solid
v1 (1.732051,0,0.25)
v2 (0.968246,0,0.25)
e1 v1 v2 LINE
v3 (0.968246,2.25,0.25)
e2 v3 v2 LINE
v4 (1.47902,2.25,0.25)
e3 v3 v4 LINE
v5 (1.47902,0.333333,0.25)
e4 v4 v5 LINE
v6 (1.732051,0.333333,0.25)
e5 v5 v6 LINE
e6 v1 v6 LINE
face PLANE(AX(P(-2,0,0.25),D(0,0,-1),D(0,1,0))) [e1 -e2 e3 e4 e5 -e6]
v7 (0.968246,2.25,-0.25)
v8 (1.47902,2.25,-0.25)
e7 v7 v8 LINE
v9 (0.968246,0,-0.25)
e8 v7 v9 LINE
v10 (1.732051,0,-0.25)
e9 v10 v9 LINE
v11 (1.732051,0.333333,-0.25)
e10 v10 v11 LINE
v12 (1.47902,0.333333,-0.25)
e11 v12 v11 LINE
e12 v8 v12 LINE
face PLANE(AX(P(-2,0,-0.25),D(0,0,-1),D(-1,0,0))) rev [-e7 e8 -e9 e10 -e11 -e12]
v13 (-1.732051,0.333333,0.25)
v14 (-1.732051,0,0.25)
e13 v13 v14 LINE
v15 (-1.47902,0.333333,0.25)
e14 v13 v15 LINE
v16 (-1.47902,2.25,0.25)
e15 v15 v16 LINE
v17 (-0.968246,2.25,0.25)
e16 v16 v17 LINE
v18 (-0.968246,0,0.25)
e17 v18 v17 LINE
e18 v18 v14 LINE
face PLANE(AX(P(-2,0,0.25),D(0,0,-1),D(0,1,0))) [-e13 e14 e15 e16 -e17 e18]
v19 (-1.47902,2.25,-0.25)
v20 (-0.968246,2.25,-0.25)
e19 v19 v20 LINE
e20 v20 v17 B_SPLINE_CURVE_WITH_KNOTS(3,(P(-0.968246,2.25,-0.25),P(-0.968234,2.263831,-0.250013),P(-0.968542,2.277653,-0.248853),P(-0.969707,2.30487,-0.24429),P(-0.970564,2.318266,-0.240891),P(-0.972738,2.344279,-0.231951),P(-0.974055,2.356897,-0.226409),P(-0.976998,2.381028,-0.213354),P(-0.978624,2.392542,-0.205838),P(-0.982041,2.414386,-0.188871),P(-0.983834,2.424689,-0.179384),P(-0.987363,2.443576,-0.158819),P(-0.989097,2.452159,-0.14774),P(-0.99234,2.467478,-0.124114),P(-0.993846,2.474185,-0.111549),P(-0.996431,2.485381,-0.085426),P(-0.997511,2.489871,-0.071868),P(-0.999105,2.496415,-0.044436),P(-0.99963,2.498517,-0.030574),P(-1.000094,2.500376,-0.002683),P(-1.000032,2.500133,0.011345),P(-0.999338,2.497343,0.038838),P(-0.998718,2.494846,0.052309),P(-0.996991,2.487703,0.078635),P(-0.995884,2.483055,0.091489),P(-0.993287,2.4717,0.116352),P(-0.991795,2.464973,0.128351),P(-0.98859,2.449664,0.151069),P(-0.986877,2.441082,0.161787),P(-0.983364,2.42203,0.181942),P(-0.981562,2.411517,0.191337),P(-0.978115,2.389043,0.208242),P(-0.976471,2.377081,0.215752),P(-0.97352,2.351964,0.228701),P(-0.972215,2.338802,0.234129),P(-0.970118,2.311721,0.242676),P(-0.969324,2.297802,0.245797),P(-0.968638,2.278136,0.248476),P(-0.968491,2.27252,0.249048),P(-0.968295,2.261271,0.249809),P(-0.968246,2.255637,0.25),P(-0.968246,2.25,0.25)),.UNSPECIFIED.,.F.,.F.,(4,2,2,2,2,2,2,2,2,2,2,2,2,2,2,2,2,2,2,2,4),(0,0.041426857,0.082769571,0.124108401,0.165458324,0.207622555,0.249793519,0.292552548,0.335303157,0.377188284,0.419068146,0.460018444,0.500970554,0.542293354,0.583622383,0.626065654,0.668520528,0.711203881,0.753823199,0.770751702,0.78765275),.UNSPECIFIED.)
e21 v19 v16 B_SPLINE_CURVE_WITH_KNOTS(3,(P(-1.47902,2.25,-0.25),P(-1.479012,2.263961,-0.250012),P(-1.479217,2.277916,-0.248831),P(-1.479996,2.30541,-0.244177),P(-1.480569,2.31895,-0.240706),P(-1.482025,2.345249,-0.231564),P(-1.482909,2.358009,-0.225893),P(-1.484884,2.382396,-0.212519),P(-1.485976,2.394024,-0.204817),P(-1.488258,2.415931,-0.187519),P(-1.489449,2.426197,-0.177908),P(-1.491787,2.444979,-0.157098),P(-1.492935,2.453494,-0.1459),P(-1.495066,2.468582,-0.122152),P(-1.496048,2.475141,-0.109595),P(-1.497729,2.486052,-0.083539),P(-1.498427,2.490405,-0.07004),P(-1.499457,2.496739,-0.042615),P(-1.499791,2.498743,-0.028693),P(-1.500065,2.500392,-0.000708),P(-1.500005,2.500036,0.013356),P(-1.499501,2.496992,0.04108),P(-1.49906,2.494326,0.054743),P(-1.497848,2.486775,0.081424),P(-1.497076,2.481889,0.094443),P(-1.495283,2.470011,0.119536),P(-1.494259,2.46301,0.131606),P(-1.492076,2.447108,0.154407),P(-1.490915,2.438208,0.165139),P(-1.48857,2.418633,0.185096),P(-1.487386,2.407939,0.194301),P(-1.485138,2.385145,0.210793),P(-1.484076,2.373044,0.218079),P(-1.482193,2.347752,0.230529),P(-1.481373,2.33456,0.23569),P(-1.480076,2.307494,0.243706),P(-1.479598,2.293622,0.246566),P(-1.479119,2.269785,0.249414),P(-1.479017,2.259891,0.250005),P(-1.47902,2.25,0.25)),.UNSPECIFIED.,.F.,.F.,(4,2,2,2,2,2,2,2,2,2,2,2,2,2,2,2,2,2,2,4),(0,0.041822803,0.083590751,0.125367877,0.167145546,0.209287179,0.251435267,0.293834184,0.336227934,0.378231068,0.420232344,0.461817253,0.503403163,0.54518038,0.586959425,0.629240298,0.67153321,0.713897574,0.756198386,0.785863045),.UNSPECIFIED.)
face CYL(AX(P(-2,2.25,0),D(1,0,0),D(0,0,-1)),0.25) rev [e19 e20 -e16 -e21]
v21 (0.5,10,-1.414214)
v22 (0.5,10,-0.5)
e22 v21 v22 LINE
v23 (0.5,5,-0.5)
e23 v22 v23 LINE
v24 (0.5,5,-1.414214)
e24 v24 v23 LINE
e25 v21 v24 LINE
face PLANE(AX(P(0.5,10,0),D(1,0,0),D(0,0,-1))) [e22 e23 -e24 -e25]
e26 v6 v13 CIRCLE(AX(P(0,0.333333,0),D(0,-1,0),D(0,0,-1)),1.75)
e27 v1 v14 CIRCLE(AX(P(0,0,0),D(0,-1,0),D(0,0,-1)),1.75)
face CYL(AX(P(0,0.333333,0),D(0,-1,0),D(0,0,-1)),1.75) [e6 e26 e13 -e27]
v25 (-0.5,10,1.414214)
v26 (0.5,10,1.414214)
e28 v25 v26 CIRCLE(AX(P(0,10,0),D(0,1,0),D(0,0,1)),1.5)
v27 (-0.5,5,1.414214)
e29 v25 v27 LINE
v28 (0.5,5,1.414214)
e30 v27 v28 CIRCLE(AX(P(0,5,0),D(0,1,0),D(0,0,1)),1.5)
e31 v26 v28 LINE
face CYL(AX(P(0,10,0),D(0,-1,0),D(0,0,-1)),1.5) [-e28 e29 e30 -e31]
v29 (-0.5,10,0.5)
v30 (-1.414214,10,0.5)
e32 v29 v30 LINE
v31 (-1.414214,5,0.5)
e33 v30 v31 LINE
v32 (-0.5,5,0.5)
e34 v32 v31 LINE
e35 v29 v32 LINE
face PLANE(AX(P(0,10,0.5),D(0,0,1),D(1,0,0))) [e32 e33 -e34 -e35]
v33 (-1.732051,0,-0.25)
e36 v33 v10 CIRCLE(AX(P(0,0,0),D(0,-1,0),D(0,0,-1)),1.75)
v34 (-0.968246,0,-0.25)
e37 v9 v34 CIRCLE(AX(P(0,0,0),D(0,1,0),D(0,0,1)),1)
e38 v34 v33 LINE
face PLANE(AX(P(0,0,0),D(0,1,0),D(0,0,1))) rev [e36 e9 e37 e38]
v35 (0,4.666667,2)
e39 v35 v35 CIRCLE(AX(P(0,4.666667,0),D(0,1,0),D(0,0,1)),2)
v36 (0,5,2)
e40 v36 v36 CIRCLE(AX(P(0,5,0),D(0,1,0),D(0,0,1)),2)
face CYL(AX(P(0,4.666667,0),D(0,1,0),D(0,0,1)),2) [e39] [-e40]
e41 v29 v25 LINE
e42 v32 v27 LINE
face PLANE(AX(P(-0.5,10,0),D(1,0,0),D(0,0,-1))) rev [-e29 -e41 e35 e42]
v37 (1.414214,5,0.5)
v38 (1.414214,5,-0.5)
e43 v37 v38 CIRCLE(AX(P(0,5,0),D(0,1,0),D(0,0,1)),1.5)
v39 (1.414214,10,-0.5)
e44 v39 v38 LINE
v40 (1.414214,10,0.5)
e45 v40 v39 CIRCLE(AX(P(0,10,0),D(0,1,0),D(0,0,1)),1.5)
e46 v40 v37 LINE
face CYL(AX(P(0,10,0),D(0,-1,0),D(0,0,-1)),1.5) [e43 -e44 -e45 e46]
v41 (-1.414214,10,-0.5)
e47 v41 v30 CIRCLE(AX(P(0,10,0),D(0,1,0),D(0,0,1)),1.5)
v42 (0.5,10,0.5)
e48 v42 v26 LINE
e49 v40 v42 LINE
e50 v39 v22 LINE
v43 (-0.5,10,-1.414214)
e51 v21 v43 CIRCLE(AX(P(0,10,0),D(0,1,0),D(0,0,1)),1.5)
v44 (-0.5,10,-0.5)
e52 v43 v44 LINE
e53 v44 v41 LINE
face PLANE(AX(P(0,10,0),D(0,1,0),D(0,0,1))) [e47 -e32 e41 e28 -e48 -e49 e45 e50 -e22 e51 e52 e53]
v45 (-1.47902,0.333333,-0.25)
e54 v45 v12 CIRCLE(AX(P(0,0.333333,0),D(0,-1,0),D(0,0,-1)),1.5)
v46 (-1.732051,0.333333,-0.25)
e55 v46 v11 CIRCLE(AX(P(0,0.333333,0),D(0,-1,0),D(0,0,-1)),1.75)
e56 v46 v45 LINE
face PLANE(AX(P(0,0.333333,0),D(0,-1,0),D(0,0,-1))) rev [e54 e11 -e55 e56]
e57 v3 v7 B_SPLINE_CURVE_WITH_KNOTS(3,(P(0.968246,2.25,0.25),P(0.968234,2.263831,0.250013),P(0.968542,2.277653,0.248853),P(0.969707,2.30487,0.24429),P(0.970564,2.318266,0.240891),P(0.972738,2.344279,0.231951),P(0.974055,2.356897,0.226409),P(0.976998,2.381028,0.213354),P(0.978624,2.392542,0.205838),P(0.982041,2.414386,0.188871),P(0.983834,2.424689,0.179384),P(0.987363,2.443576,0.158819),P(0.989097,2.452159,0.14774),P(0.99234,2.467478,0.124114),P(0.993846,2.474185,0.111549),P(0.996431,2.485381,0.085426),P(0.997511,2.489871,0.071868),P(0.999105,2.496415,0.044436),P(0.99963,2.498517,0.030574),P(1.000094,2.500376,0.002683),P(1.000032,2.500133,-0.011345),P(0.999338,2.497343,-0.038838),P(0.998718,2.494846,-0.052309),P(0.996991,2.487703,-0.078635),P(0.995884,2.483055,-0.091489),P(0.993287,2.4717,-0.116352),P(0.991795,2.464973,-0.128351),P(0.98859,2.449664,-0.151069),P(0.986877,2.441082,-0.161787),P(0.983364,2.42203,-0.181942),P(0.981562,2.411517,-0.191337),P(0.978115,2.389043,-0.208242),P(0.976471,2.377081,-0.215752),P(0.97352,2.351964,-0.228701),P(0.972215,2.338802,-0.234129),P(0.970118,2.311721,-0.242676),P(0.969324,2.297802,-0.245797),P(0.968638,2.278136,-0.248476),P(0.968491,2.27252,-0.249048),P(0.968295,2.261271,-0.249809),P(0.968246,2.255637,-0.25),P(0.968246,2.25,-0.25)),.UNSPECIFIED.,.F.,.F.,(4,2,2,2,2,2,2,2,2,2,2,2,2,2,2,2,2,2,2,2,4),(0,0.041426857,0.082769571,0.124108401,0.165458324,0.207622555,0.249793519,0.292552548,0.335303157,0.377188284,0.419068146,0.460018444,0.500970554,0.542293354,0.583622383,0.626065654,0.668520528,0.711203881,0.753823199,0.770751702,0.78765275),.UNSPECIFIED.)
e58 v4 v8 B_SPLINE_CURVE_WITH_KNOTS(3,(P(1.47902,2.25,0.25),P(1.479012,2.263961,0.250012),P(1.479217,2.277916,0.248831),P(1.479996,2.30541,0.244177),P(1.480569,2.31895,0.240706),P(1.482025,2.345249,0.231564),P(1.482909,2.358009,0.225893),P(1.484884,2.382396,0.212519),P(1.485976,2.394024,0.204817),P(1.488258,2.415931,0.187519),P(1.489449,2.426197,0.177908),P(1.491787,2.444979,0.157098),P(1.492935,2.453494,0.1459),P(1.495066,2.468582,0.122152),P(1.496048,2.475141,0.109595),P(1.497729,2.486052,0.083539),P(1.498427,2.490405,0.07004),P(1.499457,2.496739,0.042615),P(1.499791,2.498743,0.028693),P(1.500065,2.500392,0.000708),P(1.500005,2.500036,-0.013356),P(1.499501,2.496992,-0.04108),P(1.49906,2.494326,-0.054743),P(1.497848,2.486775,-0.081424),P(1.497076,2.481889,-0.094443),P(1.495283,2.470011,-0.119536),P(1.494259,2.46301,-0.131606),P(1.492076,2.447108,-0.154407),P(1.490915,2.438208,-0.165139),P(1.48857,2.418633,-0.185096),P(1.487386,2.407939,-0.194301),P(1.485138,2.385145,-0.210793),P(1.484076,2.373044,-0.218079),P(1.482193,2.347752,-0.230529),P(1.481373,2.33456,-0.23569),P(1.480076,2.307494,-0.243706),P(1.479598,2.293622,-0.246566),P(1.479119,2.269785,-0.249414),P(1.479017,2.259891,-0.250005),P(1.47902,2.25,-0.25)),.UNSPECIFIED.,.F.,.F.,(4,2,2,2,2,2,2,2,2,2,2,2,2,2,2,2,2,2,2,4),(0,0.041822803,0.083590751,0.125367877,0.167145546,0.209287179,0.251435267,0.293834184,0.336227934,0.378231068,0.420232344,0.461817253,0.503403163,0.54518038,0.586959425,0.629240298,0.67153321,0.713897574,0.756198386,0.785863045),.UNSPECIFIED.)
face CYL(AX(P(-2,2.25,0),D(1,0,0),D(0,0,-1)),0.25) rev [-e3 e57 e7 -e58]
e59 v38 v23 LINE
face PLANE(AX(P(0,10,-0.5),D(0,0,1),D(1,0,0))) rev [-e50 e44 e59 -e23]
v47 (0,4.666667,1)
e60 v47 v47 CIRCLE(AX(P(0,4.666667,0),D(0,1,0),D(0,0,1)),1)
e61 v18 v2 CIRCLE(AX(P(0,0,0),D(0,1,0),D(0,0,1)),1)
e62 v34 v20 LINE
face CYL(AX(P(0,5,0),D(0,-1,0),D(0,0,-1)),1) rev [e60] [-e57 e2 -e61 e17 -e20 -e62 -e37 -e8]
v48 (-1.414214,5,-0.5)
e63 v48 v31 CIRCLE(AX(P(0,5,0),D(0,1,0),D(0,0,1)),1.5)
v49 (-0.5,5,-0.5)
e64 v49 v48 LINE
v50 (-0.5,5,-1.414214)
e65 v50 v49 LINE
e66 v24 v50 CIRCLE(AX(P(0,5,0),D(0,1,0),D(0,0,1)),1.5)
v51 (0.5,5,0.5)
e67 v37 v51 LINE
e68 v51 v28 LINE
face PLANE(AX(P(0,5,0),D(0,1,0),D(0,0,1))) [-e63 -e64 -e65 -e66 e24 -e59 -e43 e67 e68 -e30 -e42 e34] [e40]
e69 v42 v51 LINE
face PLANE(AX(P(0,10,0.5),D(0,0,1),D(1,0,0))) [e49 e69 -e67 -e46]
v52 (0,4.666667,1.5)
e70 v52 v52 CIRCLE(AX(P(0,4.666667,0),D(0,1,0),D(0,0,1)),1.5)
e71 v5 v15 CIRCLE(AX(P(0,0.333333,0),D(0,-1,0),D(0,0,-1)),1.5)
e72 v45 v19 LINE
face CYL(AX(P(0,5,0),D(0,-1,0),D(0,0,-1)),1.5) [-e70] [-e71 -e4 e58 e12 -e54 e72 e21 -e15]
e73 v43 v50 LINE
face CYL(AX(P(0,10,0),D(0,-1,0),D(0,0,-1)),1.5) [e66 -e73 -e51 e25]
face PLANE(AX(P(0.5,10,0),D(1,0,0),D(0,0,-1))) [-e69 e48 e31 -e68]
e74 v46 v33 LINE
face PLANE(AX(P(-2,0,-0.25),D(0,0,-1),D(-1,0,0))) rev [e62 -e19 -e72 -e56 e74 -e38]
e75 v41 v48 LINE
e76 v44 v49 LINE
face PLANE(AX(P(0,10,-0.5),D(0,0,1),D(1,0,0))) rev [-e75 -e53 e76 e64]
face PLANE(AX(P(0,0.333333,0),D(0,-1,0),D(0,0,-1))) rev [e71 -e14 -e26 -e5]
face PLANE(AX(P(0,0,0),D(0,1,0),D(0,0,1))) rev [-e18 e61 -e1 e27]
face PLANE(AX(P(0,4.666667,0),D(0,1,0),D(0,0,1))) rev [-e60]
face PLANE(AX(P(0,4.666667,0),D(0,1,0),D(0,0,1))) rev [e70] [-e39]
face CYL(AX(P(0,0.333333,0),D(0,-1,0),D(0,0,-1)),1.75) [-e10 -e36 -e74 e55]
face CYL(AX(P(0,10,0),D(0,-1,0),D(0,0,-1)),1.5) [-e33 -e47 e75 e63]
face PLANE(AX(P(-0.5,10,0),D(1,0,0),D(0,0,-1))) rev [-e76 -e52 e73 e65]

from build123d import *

# Parameters (mm, degrees)
SKETCH1_R               = 1.5
SKETCH1_R_2             = 1
BOSS_EXTRUDE1_DEPTH     = 5
SKETCH2_R               = 2
SKETCH2_R_2             = 1.5
SKETCH2_R_3             = 1
BOSS_EXTRUDE2_DEPTH     = 0.333333333
SKETCH3_R               = 1.75
SKETCH3_R_2             = 1
BOSS_EXTRUDE4_DEPTH     = 0.333333333
SKETCH4_R               = 0.25
SKETCH4_W               = 0.5
SKETCH4_H               = 2.25
CUT_EXTRUDE1_DEPTH      = 6.744562647
CUT_EXTRUDE1_DEPTH_BACK = 6.744562647
SKETCH7_W               = 1
SKETCH7_H               = 1
BOSS_EXTRUDE6_DEPTH     = 5


with BuildPart() as part:
    # Sketch1 → Boss-Extrude1 (new body)
    with BuildSketch(Plane(origin=(0, 0, 0), x_dir=(1, 0, 0), z_dir=(0, 1, 0))):
        with Locations(Location((0, 0, 0), (0, 0, 270))):
            Circle(SKETCH1_R)
        with Locations(Location((0, 0, 0), (0, 0, 270))):
            Circle(SKETCH1_R_2, mode=Mode.SUBTRACT)
    extrude(amount=BOSS_EXTRUDE1_DEPTH)

    # Sketch2 → Boss-Extrude2 (add)
    with BuildSketch(Plane(origin=(0, 5, 0), x_dir=(1, 0, 0), z_dir=(0, 1, 0))):
        with Locations(Location((0, 0, 0), (0, 0, 270))):
            Circle(SKETCH2_R)
        with Locations(Location((0, 0, 0), (0, 0, 270))):
            Circle(SKETCH2_R_2, mode=Mode.SUBTRACT)
        with Locations(Location((0, 0, 0), (0, 0, 270))):
            Circle(SKETCH2_R_2)
        with Locations(Location((0, 0, 0), (0, 0, 270))):
            Circle(SKETCH2_R_3, mode=Mode.SUBTRACT)
        with Locations(Location((0, 0, 0), (0, 0, 270))):
            Circle(SKETCH2_R_3)
    extrude(amount=-BOSS_EXTRUDE2_DEPTH)

    # Sketch3 → Boss-Extrude4 (add)
    with BuildSketch(Plane(origin=(0, 0, 0), x_dir=(-1, 0, 0), z_dir=(0, -1, 0))):
        with Locations(Location((0, 0, 0), (0, 0, 90))):
            Circle(SKETCH3_R)
        with Locations(Location((0, 0, 0), (0, 0, 270))):
            Circle(SKETCH3_R_2, mode=Mode.SUBTRACT)
    extrude(amount=-BOSS_EXTRUDE4_DEPTH)

    # Sketch4 → Cut-Extrude1 (cut, two sides)
    with BuildSketch(Plane(origin=(0, 0, 0), x_dir=(0, 0, -1), z_dir=(1, 0, 0))) as cut_extrude1_sk:
        with Locations((0, 2.25)):
            Circle(SKETCH4_R)
        with Locations((0, 1.125)):
            Rectangle(SKETCH4_W, SKETCH4_H)
    extrude(amount=CUT_EXTRUDE1_DEPTH, mode=Mode.SUBTRACT)
    extrude(cut_extrude1_sk.sketch, amount=-CUT_EXTRUDE1_DEPTH_BACK, mode=Mode.SUBTRACT)

    # Sketch7 → Boss-Extrude6 (add)
    with BuildSketch(Plane(origin=(0, 5, 0), x_dir=(1, 0, 0), z_dir=(0, 1, 0))):
        with BuildLine():
            Line((1.414213562, 0.5), (0.5, 0.5))
            Line((0.5, 0.5), (0.5, -0.5))
            Line((0.5, -0.5), (1.414213562, -0.5))
            ThreePointArc((1.414213562, -0.5), (1.478397839, -0.253652968), (1.5, 0))
            ThreePointArc((1.5, 0), (1.478397839, 0.253652968), (1.414213562, 0.5))
        make_face()
        Rectangle(SKETCH7_W, SKETCH7_H)
        with BuildLine():
            Line((0.5, -0.5), (-0.5, -0.5))
            Line((-0.5, -0.5), (-0.5, -1.414213562))
            ThreePointArc((-0.5, -1.414213562), (-0.253652968, -1.478397839), (0, -1.5))
            ThreePointArc((0, -1.5), (0.253652968, -1.478397839), (0.5, -1.414213562))
            Line((0.5, -1.414213562), (0.5, -0.5))
        make_face()
        with BuildLine():
            ThreePointArc((0.5, 1.414213562), (0.253652968, 1.478397839), (0, 1.5))
            ThreePointArc((0, 1.5), (-0.253652968, 1.478397839), (-0.5, 1.414213562))
            Line((-0.5, 1.414213562), (-0.5, 0.5))
            Line((-0.5, 0.5), (0.5, 0.5))
            Line((0.5, 0.5), (0.5, 1.414213562))
        make_face()
        with BuildLine():
            Line((-0.5, -0.5), (-0.5, 0.5))
            Line((-0.5, 0.5), (-1.414213562, 0.5))
            ThreePointArc((-1.414213562, 0.5), (-1.478397839, 0.253652968), (-1.5, 0))
            ThreePointArc((-1.5, 0), (-1.478397839, -0.253652968), (-1.414213562, -0.5))
            Line((-1.414213562, -0.5), (-0.5, -0.5))
        make_face()
    extrude(amount=BOSS_EXTRUDE6_DEPTH)


solid = part.part
